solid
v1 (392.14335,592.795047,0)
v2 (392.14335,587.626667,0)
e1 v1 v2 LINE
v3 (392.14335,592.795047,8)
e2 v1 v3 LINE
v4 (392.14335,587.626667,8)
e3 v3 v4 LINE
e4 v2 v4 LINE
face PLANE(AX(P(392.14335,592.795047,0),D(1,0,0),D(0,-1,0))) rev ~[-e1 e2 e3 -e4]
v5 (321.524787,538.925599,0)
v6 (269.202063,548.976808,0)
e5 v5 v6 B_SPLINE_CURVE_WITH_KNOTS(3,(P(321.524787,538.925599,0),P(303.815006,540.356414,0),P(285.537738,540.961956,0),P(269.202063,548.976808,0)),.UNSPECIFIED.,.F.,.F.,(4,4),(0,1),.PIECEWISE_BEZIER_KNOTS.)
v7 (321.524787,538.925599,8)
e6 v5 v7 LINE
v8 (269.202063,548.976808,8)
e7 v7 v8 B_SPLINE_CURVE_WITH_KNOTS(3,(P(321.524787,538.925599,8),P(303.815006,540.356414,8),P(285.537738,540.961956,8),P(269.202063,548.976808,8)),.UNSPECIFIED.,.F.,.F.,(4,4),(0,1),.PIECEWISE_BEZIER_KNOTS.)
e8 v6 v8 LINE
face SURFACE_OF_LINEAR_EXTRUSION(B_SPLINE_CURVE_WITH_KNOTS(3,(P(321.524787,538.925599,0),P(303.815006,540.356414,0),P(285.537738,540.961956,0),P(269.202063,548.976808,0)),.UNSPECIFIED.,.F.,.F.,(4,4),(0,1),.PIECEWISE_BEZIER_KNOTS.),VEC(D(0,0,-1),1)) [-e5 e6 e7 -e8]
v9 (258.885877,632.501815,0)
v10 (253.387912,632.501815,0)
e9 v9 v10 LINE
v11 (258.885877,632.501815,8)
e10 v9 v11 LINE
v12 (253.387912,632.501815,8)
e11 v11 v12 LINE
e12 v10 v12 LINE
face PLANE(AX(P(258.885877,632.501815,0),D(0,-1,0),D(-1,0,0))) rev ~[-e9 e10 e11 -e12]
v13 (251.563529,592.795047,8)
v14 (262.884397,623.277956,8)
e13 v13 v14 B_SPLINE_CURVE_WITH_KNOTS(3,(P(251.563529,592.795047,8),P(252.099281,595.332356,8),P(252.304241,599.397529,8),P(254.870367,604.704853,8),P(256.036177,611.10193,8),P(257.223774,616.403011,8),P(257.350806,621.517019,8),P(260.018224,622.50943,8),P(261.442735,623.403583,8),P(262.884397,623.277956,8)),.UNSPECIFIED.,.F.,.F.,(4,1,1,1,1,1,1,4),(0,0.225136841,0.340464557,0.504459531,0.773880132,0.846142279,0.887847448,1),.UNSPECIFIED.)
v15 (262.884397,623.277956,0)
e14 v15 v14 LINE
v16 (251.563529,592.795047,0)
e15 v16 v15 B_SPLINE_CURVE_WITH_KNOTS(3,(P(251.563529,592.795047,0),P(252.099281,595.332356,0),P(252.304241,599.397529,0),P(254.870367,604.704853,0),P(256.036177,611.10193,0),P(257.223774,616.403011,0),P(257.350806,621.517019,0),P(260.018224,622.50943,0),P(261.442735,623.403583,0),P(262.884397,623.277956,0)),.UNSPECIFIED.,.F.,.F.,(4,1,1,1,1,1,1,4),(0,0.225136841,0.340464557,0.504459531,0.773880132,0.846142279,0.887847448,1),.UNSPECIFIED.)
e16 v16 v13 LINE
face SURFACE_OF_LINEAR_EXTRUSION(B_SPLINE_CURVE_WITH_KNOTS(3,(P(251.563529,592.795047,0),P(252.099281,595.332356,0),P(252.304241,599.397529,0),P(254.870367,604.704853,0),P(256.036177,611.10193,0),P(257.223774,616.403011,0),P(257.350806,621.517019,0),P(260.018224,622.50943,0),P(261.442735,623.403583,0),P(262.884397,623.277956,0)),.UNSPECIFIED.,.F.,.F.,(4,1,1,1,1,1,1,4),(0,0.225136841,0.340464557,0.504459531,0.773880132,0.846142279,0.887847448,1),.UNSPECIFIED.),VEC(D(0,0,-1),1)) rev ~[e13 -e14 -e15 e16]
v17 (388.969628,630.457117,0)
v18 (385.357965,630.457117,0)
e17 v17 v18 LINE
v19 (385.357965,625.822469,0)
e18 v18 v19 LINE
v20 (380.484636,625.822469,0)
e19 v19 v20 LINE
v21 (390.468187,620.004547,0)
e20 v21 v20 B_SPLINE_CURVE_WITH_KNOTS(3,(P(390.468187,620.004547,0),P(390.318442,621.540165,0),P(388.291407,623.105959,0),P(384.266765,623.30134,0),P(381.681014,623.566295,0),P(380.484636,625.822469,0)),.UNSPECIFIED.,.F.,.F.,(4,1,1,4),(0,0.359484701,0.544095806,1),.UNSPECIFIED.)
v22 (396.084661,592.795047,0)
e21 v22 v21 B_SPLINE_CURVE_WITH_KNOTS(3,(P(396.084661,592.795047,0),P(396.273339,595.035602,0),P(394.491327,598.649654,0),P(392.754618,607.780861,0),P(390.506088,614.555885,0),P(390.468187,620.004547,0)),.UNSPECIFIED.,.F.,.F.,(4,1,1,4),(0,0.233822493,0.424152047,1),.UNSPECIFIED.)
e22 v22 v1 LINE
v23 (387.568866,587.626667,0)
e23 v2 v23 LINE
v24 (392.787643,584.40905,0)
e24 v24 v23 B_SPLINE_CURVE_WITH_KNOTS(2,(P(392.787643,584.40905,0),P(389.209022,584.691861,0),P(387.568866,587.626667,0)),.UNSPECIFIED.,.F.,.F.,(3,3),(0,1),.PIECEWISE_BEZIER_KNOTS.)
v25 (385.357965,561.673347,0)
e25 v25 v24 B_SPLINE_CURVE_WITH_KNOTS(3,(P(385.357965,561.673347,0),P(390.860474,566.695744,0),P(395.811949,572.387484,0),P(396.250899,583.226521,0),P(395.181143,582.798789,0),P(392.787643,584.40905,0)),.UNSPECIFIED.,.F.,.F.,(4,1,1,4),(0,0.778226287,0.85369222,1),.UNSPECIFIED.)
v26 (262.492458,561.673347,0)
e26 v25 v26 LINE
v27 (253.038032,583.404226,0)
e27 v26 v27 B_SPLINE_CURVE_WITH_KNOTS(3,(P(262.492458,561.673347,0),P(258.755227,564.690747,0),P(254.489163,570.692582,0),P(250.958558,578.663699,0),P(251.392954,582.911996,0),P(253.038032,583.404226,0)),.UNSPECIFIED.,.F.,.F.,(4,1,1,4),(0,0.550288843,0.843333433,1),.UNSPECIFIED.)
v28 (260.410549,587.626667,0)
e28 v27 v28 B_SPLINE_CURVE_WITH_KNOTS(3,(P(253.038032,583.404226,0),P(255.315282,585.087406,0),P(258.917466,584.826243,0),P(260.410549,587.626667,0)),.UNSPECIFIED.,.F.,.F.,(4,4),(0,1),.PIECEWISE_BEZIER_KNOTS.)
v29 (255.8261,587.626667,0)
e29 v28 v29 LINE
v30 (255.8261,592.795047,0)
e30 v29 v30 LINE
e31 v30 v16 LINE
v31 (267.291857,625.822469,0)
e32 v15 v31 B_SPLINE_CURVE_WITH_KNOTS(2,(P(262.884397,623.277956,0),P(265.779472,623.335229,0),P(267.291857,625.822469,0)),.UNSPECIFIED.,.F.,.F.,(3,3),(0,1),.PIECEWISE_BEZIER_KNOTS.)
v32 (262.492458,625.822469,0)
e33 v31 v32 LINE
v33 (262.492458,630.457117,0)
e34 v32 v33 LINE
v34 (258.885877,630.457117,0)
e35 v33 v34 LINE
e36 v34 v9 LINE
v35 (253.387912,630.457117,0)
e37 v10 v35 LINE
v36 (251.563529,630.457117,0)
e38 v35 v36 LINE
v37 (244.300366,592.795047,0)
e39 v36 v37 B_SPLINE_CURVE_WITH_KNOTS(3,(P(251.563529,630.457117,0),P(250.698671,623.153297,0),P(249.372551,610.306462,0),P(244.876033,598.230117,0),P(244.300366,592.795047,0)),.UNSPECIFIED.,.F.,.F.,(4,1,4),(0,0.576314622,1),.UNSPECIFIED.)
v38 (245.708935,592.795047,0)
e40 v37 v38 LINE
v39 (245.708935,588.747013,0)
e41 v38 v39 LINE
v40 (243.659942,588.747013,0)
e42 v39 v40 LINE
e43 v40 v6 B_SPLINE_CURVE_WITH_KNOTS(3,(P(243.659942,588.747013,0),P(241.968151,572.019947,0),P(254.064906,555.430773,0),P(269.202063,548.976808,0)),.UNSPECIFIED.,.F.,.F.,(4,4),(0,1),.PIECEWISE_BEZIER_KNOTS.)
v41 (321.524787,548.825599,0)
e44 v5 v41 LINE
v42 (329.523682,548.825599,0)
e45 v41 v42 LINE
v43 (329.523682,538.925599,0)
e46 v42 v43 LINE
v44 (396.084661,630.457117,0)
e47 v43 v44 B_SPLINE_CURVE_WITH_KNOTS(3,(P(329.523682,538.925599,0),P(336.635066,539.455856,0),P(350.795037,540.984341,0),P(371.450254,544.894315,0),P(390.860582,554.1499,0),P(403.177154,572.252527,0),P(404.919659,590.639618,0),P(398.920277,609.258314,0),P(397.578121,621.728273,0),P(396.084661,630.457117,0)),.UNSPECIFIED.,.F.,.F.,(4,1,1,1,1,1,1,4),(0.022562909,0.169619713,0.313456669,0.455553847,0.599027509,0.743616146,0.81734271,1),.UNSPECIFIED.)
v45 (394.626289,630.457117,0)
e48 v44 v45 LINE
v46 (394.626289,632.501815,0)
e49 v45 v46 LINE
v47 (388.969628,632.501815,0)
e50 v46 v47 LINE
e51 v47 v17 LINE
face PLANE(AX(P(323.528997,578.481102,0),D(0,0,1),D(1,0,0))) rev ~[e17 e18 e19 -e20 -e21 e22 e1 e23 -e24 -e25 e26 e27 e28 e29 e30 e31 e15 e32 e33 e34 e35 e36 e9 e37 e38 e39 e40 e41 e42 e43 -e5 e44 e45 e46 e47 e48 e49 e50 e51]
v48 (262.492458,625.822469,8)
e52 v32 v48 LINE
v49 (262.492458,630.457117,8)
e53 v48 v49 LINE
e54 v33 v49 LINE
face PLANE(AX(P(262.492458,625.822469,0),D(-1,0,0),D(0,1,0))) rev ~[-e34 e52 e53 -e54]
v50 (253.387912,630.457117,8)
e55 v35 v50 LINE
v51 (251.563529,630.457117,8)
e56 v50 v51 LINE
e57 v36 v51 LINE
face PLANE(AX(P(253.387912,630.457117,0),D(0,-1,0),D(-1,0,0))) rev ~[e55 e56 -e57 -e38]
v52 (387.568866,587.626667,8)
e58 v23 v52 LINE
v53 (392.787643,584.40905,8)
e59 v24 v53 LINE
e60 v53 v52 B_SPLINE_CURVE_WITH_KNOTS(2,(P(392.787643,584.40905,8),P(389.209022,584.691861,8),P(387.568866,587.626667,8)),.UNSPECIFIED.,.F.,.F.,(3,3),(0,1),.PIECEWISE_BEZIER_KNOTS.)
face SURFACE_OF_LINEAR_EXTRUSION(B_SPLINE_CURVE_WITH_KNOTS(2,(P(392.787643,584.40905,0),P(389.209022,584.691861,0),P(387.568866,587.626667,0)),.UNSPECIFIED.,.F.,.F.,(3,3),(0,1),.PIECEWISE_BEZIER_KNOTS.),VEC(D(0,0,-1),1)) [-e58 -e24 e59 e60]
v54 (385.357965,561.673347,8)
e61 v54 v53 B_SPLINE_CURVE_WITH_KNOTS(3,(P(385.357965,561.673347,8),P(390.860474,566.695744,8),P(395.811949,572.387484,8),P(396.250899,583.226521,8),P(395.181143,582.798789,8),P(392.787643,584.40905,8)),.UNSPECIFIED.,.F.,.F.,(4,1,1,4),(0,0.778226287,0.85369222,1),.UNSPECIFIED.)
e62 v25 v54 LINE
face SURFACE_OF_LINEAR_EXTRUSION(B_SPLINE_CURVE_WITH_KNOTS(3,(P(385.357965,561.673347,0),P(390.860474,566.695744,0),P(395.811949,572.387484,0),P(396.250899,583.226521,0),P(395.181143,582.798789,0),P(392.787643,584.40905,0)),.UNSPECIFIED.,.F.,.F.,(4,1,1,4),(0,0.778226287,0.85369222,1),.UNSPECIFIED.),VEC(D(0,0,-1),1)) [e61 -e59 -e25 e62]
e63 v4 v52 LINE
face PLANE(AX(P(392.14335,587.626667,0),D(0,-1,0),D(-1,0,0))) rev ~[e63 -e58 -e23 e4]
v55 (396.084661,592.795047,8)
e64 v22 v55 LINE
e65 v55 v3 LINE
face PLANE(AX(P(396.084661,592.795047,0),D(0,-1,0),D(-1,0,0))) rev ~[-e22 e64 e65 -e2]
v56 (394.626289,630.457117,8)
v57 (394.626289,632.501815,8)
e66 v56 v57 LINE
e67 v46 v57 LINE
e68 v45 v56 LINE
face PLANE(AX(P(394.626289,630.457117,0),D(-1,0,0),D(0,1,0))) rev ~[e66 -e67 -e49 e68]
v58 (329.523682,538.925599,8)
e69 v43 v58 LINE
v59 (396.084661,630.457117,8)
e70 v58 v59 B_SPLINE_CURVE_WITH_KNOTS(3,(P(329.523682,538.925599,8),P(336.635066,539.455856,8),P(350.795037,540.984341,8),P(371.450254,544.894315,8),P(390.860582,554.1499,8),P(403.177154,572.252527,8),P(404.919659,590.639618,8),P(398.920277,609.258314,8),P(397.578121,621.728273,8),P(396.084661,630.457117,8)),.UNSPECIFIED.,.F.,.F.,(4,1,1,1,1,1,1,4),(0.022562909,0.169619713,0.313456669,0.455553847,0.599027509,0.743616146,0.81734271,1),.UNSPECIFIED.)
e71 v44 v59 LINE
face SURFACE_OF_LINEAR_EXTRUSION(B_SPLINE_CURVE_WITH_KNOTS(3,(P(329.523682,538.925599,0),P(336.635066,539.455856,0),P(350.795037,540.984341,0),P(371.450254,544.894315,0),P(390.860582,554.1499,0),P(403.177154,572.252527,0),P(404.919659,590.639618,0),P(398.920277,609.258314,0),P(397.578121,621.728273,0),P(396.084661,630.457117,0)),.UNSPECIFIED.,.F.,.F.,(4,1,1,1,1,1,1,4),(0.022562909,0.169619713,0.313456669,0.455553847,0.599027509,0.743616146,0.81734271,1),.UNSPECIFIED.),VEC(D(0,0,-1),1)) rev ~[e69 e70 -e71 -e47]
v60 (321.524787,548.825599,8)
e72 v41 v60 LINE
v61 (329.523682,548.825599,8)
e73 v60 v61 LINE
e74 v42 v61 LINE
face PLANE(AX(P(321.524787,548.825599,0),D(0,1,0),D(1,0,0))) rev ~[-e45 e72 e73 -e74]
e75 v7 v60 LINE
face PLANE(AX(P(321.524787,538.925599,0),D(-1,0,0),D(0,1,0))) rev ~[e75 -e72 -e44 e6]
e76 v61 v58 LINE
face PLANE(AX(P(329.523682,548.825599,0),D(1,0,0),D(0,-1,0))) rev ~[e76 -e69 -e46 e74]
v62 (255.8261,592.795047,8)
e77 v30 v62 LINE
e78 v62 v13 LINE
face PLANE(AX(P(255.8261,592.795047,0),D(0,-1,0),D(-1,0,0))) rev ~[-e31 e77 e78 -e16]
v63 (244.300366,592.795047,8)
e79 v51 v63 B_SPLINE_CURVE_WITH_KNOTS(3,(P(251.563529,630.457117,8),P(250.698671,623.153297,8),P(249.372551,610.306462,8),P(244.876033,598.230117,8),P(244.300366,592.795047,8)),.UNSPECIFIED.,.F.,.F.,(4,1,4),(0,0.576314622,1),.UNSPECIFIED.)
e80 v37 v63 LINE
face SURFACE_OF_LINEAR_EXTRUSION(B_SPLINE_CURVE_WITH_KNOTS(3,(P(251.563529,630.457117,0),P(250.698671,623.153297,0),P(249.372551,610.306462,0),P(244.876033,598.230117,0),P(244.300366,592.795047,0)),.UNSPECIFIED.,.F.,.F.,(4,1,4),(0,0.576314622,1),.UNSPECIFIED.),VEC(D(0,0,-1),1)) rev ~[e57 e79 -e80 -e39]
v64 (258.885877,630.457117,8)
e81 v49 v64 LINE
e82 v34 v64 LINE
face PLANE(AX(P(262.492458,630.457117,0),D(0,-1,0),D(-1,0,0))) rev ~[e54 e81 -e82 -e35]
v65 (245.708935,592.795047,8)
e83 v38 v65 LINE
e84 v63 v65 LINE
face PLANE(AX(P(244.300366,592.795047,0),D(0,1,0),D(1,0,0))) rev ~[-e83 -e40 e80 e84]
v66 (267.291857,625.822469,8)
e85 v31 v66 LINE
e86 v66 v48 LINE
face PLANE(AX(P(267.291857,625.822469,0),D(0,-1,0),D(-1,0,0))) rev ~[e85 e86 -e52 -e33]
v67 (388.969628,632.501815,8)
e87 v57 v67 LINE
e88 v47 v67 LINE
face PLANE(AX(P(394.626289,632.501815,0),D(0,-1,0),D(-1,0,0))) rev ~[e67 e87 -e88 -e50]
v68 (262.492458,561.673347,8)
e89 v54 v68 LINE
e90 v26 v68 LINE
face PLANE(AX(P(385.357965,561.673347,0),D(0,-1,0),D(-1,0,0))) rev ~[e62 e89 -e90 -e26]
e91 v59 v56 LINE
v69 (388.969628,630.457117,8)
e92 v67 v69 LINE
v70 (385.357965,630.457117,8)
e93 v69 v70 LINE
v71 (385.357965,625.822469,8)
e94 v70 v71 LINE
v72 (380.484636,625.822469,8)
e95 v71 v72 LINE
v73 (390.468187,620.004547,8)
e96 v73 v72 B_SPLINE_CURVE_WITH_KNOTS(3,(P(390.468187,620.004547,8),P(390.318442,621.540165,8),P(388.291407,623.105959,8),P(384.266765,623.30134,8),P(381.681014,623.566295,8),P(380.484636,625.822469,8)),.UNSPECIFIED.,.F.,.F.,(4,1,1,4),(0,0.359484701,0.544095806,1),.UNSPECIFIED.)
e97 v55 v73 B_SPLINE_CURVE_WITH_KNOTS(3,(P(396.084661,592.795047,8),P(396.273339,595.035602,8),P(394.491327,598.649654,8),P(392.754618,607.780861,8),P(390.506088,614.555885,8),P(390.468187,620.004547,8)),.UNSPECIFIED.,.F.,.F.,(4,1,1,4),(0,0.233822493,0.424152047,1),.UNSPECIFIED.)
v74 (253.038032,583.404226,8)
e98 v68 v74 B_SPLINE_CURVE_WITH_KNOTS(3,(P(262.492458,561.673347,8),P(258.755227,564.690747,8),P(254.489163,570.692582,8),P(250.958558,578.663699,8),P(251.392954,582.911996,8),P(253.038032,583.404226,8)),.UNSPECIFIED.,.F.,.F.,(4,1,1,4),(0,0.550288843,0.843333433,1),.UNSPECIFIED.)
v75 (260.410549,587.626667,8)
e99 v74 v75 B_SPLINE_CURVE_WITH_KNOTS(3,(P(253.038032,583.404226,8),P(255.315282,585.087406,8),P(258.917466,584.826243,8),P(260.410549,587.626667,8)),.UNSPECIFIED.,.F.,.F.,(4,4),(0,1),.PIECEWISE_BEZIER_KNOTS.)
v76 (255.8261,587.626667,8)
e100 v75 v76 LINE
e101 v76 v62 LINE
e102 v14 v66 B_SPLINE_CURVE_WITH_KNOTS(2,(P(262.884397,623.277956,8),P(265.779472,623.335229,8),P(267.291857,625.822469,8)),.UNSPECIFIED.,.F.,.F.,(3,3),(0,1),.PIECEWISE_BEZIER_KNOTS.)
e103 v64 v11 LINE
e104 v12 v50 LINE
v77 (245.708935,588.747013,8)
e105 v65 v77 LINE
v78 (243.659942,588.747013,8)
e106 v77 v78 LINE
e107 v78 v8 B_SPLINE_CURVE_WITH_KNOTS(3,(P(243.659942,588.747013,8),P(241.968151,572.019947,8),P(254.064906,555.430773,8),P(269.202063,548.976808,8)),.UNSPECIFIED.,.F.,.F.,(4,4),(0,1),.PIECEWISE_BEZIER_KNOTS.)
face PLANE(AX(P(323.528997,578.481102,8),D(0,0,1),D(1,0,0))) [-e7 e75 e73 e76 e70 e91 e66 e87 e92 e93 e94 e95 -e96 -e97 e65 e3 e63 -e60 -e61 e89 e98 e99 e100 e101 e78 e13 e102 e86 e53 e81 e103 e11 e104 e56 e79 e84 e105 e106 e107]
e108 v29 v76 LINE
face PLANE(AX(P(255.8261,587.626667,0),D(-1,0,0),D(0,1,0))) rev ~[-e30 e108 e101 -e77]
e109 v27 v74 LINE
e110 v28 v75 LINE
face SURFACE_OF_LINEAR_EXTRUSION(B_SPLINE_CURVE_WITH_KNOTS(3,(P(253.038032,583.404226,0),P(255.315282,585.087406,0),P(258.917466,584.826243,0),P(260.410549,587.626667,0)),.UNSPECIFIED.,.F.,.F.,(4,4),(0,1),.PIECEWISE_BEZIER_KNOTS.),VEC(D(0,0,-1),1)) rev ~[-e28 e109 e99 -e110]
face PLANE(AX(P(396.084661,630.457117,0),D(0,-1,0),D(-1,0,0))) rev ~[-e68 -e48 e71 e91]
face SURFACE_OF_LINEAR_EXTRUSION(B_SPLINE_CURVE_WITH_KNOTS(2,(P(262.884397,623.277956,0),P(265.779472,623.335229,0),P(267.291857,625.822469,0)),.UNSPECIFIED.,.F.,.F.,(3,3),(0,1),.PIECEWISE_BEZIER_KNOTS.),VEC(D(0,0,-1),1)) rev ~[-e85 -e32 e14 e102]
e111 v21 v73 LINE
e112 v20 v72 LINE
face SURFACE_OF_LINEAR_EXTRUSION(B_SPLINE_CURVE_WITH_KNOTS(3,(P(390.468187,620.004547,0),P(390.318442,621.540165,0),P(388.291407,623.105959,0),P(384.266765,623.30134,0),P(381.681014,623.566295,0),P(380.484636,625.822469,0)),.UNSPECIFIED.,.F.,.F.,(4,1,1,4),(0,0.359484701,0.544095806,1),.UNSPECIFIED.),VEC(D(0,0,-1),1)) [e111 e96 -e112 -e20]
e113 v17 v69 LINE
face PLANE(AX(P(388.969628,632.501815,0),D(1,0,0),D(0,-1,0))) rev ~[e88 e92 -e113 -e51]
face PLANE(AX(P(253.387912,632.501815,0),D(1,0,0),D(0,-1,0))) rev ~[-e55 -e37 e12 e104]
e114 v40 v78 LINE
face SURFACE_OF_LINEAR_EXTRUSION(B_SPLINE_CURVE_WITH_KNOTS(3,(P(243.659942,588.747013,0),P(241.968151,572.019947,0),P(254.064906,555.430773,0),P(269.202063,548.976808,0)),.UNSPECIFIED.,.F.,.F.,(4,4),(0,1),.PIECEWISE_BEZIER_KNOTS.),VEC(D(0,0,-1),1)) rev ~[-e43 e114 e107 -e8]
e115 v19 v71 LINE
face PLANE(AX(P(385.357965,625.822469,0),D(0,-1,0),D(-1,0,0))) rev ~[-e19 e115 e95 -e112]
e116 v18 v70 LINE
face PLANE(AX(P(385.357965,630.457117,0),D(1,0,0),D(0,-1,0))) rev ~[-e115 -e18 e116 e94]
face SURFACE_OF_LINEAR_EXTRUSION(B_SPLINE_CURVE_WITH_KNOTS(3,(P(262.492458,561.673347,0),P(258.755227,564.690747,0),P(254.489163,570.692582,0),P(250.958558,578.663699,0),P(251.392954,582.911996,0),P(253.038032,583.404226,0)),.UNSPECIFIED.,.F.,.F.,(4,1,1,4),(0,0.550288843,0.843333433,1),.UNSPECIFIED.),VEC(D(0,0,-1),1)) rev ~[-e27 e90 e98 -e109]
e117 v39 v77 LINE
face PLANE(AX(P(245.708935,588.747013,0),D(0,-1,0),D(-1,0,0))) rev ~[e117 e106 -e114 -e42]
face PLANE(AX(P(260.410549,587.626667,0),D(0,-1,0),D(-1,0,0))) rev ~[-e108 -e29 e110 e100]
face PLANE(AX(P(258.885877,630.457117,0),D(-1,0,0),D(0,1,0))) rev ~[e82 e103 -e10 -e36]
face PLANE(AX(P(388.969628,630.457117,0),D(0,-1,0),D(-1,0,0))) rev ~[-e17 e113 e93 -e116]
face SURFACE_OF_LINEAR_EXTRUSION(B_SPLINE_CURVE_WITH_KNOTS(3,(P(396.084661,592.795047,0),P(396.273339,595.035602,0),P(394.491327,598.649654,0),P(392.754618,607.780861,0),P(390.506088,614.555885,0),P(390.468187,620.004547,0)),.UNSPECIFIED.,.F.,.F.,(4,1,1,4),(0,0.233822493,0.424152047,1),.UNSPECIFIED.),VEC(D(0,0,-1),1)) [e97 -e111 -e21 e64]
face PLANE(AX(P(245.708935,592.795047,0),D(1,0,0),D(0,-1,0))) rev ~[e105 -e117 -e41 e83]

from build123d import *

# Parameters (mm, degrees)
EXTRUDE_1_DEPTH = 8


with BuildPart() as part:
    # 草图1 → 凸台-拉伸1 (new body)
    with BuildSketch(Plane.XY):
        with BuildLine():
            Line((385.357965433, 561.673346746), (262.492458261, 561.673346746))
            add(Edge.make_bspline(
                [(262.492458261, 561.673346746), (258.755227054, 564.690747097), (254.489163017, 570.692581983), (250.958558339, 578.663699118), (251.392954201, 582.911995995), (253.038032269, 583.404225799)],
                knots=[0, 0, 0, 0, 0.550288843, 0.843333433, 1, 1, 1, 1], degree=3))
            add(Edge.make_bspline(
                [(253.038032269, 583.404225799), (255.315281718, 585.087405675), (258.917465666, 584.826242923), (260.41054922, 587.626667325)],
                knots=[0, 0, 0, 0, 1, 1, 1, 1], degree=3))
            Line((260.41054922, 587.626667325), (255.826100279, 587.626667325))
            Line((255.826100279, 587.626667325), (255.826100279, 592.795047007))
            Line((255.826100279, 592.795047007), (251.563528879, 592.795047007))
            add(Edge.make_bspline(
                [(251.563528879, 592.795047007), (252.099280578, 595.332356389), (252.30424139, 599.397528909), (254.870367315, 604.704853199), (256.036177185, 611.101930065), (257.223774455, 616.403011152), (257.350806226, 621.517018547), (260.018224217, 622.50942986), (261.44273548, 623.403583051), (262.884397407, 623.277955683)],
                knots=[0, 0, 0, 0, 0.225136841, 0.340464557, 0.504459531, 0.773880132, 0.846142279, 0.887847448, 1, 1, 1, 1], degree=3))
            add(Edge.make_bspline(
                [(262.884397407, 623.277955683), (265.779471506, 623.335229178), (267.291857283, 625.822468601)],
                knots=[0, 0, 0, 1, 1, 1], degree=2))
            Line((267.291857283, 625.822468601), (262.492458261, 625.822468601))
            Line((262.492458261, 625.822468601), (262.492458261, 630.45711713))
            Line((262.492458261, 630.45711713), (258.885877108, 630.45711713))
            Line((258.885877108, 630.45711713), (258.885877108, 632.501815011))
            Line((258.885877108, 632.501815011), (253.387911696, 632.501815011))
            Line((253.387911696, 632.501815011), (253.387911696, 630.45711713))
            Line((253.387911696, 630.45711713), (251.563528879, 630.45711713))
            add(Edge.make_bspline(
                [(251.563528879, 630.45711713), (250.698671259, 623.153297386), (249.372551029, 610.306461705), (244.876032821, 598.230117075), (244.30036556, 592.795047007)],
                knots=[0, 0, 0, 0, 0.576314622, 1, 1, 1, 1], degree=3))
            Line((244.30036556, 592.795047007), (245.708935211, 592.795047007))
            Line((245.708935211, 592.795047007), (245.708935211, 588.747012602))
            Line((245.708935211, 588.747012602), (243.659941785, 588.747012602))
            add(Edge.make_bspline(
                [(243.659941785, 588.747012602), (241.968151152, 572.019946819), (254.064905505, 555.430773354), (269.202063097, 548.976807751)],
                knots=[0, 0, 0, 0, 1, 1, 1, 1], degree=3))
            add(Edge.make_bspline(
                [(321.524786635, 538.925598683), (303.815006214, 540.356414038), (285.537738305, 540.961956127), (269.202063097, 548.976807751)],
                knots=[0, 0, 0, 0, 1, 1, 1, 1], degree=3))
            Line((321.524786635, 538.925598683), (321.524786635, 548.825598683))
            Line((321.524786635, 548.825598683), (329.523681786, 548.825598683))
            Line((329.523681786, 548.825598683), (329.523681786, 538.925598683))
            add(Edge.make_bspline(
                [(329.523681786, 538.925598683), (336.635065679, 539.455855838), (350.795036594, 540.98434062), (371.450253512, 544.894314569), (390.860581729, 554.149899578), (403.17715419, 572.252526901), (404.919659425, 590.639617898), (398.920276591, 609.258314447), (397.578120519, 621.728272643), (396.084660892, 630.45711713)],
                knots=[0.022562909, 0.022562909, 0.022562909, 0.022562909, 0.169619713, 0.313456669, 0.455553847, 0.599027509, 0.743616146, 0.81734271, 1, 1, 1, 1], degree=3))
            Line((396.084660892, 630.45711713), (394.626288649, 630.45711713))
            Line((394.626288649, 630.45711713), (394.626288649, 632.501815011))
            Line((394.626288649, 632.501815011), (388.969627714, 632.501815011))
            Line((388.969627714, 632.501815011), (388.969627714, 630.45711713))
            Line((388.969627714, 630.45711713), (385.357965433, 630.45711713))
            Line((385.357965433, 630.45711713), (385.357965433, 625.822468601))
            Line((385.357965433, 625.822468601), (380.484636312, 625.822468601))
            add(Edge.make_bspline(
                [(390.468186764, 620.004547134), (390.318441736, 621.540164676), (388.291406594, 623.105959301), (384.266764698, 623.301339884), (381.681013657, 623.566294511), (380.484636312, 625.822468601)],
                knots=[0, 0, 0, 0, 0.359484701, 0.544095806, 1, 1, 1, 1], degree=3))
            add(Edge.make_bspline(
                [(396.084660892, 592.795047007), (396.273338821, 595.035601852), (394.491326644, 598.649653656), (392.754617954, 607.78086099), (390.506088052, 614.555885201), (390.468186764, 620.004547134)],
                knots=[0, 0, 0, 0, 0.233822493, 0.424152047, 1, 1, 1, 1], degree=3))
            Line((396.084660892, 592.795047007), (392.143349898, 592.795047007))
            Line((392.143349898, 592.795047007), (392.143349898, 587.626667325))
            Line((392.143349898, 587.626667325), (387.568865956, 587.626667325))
            add(Edge.make_bspline(
                [(392.787643411, 584.409050029), (389.209022339, 584.691860965), (387.568865956, 587.626667325)],
                knots=[0, 0, 0, 1, 1, 1], degree=2))
            add(Edge.make_bspline(
                [(385.357965433, 561.673346746), (390.860473795, 566.695743735), (395.811948725, 572.387483653), (396.250899198, 583.226521225), (395.181143378, 582.798789337), (392.787643411, 584.409050029)],
                knots=[0, 0, 0, 0, 0.778226287, 0.85369222, 1, 1, 1, 1], degree=3))
        make_face()
    extrude(amount=EXTRUDE_1_DEPTH)


solid = part.part
